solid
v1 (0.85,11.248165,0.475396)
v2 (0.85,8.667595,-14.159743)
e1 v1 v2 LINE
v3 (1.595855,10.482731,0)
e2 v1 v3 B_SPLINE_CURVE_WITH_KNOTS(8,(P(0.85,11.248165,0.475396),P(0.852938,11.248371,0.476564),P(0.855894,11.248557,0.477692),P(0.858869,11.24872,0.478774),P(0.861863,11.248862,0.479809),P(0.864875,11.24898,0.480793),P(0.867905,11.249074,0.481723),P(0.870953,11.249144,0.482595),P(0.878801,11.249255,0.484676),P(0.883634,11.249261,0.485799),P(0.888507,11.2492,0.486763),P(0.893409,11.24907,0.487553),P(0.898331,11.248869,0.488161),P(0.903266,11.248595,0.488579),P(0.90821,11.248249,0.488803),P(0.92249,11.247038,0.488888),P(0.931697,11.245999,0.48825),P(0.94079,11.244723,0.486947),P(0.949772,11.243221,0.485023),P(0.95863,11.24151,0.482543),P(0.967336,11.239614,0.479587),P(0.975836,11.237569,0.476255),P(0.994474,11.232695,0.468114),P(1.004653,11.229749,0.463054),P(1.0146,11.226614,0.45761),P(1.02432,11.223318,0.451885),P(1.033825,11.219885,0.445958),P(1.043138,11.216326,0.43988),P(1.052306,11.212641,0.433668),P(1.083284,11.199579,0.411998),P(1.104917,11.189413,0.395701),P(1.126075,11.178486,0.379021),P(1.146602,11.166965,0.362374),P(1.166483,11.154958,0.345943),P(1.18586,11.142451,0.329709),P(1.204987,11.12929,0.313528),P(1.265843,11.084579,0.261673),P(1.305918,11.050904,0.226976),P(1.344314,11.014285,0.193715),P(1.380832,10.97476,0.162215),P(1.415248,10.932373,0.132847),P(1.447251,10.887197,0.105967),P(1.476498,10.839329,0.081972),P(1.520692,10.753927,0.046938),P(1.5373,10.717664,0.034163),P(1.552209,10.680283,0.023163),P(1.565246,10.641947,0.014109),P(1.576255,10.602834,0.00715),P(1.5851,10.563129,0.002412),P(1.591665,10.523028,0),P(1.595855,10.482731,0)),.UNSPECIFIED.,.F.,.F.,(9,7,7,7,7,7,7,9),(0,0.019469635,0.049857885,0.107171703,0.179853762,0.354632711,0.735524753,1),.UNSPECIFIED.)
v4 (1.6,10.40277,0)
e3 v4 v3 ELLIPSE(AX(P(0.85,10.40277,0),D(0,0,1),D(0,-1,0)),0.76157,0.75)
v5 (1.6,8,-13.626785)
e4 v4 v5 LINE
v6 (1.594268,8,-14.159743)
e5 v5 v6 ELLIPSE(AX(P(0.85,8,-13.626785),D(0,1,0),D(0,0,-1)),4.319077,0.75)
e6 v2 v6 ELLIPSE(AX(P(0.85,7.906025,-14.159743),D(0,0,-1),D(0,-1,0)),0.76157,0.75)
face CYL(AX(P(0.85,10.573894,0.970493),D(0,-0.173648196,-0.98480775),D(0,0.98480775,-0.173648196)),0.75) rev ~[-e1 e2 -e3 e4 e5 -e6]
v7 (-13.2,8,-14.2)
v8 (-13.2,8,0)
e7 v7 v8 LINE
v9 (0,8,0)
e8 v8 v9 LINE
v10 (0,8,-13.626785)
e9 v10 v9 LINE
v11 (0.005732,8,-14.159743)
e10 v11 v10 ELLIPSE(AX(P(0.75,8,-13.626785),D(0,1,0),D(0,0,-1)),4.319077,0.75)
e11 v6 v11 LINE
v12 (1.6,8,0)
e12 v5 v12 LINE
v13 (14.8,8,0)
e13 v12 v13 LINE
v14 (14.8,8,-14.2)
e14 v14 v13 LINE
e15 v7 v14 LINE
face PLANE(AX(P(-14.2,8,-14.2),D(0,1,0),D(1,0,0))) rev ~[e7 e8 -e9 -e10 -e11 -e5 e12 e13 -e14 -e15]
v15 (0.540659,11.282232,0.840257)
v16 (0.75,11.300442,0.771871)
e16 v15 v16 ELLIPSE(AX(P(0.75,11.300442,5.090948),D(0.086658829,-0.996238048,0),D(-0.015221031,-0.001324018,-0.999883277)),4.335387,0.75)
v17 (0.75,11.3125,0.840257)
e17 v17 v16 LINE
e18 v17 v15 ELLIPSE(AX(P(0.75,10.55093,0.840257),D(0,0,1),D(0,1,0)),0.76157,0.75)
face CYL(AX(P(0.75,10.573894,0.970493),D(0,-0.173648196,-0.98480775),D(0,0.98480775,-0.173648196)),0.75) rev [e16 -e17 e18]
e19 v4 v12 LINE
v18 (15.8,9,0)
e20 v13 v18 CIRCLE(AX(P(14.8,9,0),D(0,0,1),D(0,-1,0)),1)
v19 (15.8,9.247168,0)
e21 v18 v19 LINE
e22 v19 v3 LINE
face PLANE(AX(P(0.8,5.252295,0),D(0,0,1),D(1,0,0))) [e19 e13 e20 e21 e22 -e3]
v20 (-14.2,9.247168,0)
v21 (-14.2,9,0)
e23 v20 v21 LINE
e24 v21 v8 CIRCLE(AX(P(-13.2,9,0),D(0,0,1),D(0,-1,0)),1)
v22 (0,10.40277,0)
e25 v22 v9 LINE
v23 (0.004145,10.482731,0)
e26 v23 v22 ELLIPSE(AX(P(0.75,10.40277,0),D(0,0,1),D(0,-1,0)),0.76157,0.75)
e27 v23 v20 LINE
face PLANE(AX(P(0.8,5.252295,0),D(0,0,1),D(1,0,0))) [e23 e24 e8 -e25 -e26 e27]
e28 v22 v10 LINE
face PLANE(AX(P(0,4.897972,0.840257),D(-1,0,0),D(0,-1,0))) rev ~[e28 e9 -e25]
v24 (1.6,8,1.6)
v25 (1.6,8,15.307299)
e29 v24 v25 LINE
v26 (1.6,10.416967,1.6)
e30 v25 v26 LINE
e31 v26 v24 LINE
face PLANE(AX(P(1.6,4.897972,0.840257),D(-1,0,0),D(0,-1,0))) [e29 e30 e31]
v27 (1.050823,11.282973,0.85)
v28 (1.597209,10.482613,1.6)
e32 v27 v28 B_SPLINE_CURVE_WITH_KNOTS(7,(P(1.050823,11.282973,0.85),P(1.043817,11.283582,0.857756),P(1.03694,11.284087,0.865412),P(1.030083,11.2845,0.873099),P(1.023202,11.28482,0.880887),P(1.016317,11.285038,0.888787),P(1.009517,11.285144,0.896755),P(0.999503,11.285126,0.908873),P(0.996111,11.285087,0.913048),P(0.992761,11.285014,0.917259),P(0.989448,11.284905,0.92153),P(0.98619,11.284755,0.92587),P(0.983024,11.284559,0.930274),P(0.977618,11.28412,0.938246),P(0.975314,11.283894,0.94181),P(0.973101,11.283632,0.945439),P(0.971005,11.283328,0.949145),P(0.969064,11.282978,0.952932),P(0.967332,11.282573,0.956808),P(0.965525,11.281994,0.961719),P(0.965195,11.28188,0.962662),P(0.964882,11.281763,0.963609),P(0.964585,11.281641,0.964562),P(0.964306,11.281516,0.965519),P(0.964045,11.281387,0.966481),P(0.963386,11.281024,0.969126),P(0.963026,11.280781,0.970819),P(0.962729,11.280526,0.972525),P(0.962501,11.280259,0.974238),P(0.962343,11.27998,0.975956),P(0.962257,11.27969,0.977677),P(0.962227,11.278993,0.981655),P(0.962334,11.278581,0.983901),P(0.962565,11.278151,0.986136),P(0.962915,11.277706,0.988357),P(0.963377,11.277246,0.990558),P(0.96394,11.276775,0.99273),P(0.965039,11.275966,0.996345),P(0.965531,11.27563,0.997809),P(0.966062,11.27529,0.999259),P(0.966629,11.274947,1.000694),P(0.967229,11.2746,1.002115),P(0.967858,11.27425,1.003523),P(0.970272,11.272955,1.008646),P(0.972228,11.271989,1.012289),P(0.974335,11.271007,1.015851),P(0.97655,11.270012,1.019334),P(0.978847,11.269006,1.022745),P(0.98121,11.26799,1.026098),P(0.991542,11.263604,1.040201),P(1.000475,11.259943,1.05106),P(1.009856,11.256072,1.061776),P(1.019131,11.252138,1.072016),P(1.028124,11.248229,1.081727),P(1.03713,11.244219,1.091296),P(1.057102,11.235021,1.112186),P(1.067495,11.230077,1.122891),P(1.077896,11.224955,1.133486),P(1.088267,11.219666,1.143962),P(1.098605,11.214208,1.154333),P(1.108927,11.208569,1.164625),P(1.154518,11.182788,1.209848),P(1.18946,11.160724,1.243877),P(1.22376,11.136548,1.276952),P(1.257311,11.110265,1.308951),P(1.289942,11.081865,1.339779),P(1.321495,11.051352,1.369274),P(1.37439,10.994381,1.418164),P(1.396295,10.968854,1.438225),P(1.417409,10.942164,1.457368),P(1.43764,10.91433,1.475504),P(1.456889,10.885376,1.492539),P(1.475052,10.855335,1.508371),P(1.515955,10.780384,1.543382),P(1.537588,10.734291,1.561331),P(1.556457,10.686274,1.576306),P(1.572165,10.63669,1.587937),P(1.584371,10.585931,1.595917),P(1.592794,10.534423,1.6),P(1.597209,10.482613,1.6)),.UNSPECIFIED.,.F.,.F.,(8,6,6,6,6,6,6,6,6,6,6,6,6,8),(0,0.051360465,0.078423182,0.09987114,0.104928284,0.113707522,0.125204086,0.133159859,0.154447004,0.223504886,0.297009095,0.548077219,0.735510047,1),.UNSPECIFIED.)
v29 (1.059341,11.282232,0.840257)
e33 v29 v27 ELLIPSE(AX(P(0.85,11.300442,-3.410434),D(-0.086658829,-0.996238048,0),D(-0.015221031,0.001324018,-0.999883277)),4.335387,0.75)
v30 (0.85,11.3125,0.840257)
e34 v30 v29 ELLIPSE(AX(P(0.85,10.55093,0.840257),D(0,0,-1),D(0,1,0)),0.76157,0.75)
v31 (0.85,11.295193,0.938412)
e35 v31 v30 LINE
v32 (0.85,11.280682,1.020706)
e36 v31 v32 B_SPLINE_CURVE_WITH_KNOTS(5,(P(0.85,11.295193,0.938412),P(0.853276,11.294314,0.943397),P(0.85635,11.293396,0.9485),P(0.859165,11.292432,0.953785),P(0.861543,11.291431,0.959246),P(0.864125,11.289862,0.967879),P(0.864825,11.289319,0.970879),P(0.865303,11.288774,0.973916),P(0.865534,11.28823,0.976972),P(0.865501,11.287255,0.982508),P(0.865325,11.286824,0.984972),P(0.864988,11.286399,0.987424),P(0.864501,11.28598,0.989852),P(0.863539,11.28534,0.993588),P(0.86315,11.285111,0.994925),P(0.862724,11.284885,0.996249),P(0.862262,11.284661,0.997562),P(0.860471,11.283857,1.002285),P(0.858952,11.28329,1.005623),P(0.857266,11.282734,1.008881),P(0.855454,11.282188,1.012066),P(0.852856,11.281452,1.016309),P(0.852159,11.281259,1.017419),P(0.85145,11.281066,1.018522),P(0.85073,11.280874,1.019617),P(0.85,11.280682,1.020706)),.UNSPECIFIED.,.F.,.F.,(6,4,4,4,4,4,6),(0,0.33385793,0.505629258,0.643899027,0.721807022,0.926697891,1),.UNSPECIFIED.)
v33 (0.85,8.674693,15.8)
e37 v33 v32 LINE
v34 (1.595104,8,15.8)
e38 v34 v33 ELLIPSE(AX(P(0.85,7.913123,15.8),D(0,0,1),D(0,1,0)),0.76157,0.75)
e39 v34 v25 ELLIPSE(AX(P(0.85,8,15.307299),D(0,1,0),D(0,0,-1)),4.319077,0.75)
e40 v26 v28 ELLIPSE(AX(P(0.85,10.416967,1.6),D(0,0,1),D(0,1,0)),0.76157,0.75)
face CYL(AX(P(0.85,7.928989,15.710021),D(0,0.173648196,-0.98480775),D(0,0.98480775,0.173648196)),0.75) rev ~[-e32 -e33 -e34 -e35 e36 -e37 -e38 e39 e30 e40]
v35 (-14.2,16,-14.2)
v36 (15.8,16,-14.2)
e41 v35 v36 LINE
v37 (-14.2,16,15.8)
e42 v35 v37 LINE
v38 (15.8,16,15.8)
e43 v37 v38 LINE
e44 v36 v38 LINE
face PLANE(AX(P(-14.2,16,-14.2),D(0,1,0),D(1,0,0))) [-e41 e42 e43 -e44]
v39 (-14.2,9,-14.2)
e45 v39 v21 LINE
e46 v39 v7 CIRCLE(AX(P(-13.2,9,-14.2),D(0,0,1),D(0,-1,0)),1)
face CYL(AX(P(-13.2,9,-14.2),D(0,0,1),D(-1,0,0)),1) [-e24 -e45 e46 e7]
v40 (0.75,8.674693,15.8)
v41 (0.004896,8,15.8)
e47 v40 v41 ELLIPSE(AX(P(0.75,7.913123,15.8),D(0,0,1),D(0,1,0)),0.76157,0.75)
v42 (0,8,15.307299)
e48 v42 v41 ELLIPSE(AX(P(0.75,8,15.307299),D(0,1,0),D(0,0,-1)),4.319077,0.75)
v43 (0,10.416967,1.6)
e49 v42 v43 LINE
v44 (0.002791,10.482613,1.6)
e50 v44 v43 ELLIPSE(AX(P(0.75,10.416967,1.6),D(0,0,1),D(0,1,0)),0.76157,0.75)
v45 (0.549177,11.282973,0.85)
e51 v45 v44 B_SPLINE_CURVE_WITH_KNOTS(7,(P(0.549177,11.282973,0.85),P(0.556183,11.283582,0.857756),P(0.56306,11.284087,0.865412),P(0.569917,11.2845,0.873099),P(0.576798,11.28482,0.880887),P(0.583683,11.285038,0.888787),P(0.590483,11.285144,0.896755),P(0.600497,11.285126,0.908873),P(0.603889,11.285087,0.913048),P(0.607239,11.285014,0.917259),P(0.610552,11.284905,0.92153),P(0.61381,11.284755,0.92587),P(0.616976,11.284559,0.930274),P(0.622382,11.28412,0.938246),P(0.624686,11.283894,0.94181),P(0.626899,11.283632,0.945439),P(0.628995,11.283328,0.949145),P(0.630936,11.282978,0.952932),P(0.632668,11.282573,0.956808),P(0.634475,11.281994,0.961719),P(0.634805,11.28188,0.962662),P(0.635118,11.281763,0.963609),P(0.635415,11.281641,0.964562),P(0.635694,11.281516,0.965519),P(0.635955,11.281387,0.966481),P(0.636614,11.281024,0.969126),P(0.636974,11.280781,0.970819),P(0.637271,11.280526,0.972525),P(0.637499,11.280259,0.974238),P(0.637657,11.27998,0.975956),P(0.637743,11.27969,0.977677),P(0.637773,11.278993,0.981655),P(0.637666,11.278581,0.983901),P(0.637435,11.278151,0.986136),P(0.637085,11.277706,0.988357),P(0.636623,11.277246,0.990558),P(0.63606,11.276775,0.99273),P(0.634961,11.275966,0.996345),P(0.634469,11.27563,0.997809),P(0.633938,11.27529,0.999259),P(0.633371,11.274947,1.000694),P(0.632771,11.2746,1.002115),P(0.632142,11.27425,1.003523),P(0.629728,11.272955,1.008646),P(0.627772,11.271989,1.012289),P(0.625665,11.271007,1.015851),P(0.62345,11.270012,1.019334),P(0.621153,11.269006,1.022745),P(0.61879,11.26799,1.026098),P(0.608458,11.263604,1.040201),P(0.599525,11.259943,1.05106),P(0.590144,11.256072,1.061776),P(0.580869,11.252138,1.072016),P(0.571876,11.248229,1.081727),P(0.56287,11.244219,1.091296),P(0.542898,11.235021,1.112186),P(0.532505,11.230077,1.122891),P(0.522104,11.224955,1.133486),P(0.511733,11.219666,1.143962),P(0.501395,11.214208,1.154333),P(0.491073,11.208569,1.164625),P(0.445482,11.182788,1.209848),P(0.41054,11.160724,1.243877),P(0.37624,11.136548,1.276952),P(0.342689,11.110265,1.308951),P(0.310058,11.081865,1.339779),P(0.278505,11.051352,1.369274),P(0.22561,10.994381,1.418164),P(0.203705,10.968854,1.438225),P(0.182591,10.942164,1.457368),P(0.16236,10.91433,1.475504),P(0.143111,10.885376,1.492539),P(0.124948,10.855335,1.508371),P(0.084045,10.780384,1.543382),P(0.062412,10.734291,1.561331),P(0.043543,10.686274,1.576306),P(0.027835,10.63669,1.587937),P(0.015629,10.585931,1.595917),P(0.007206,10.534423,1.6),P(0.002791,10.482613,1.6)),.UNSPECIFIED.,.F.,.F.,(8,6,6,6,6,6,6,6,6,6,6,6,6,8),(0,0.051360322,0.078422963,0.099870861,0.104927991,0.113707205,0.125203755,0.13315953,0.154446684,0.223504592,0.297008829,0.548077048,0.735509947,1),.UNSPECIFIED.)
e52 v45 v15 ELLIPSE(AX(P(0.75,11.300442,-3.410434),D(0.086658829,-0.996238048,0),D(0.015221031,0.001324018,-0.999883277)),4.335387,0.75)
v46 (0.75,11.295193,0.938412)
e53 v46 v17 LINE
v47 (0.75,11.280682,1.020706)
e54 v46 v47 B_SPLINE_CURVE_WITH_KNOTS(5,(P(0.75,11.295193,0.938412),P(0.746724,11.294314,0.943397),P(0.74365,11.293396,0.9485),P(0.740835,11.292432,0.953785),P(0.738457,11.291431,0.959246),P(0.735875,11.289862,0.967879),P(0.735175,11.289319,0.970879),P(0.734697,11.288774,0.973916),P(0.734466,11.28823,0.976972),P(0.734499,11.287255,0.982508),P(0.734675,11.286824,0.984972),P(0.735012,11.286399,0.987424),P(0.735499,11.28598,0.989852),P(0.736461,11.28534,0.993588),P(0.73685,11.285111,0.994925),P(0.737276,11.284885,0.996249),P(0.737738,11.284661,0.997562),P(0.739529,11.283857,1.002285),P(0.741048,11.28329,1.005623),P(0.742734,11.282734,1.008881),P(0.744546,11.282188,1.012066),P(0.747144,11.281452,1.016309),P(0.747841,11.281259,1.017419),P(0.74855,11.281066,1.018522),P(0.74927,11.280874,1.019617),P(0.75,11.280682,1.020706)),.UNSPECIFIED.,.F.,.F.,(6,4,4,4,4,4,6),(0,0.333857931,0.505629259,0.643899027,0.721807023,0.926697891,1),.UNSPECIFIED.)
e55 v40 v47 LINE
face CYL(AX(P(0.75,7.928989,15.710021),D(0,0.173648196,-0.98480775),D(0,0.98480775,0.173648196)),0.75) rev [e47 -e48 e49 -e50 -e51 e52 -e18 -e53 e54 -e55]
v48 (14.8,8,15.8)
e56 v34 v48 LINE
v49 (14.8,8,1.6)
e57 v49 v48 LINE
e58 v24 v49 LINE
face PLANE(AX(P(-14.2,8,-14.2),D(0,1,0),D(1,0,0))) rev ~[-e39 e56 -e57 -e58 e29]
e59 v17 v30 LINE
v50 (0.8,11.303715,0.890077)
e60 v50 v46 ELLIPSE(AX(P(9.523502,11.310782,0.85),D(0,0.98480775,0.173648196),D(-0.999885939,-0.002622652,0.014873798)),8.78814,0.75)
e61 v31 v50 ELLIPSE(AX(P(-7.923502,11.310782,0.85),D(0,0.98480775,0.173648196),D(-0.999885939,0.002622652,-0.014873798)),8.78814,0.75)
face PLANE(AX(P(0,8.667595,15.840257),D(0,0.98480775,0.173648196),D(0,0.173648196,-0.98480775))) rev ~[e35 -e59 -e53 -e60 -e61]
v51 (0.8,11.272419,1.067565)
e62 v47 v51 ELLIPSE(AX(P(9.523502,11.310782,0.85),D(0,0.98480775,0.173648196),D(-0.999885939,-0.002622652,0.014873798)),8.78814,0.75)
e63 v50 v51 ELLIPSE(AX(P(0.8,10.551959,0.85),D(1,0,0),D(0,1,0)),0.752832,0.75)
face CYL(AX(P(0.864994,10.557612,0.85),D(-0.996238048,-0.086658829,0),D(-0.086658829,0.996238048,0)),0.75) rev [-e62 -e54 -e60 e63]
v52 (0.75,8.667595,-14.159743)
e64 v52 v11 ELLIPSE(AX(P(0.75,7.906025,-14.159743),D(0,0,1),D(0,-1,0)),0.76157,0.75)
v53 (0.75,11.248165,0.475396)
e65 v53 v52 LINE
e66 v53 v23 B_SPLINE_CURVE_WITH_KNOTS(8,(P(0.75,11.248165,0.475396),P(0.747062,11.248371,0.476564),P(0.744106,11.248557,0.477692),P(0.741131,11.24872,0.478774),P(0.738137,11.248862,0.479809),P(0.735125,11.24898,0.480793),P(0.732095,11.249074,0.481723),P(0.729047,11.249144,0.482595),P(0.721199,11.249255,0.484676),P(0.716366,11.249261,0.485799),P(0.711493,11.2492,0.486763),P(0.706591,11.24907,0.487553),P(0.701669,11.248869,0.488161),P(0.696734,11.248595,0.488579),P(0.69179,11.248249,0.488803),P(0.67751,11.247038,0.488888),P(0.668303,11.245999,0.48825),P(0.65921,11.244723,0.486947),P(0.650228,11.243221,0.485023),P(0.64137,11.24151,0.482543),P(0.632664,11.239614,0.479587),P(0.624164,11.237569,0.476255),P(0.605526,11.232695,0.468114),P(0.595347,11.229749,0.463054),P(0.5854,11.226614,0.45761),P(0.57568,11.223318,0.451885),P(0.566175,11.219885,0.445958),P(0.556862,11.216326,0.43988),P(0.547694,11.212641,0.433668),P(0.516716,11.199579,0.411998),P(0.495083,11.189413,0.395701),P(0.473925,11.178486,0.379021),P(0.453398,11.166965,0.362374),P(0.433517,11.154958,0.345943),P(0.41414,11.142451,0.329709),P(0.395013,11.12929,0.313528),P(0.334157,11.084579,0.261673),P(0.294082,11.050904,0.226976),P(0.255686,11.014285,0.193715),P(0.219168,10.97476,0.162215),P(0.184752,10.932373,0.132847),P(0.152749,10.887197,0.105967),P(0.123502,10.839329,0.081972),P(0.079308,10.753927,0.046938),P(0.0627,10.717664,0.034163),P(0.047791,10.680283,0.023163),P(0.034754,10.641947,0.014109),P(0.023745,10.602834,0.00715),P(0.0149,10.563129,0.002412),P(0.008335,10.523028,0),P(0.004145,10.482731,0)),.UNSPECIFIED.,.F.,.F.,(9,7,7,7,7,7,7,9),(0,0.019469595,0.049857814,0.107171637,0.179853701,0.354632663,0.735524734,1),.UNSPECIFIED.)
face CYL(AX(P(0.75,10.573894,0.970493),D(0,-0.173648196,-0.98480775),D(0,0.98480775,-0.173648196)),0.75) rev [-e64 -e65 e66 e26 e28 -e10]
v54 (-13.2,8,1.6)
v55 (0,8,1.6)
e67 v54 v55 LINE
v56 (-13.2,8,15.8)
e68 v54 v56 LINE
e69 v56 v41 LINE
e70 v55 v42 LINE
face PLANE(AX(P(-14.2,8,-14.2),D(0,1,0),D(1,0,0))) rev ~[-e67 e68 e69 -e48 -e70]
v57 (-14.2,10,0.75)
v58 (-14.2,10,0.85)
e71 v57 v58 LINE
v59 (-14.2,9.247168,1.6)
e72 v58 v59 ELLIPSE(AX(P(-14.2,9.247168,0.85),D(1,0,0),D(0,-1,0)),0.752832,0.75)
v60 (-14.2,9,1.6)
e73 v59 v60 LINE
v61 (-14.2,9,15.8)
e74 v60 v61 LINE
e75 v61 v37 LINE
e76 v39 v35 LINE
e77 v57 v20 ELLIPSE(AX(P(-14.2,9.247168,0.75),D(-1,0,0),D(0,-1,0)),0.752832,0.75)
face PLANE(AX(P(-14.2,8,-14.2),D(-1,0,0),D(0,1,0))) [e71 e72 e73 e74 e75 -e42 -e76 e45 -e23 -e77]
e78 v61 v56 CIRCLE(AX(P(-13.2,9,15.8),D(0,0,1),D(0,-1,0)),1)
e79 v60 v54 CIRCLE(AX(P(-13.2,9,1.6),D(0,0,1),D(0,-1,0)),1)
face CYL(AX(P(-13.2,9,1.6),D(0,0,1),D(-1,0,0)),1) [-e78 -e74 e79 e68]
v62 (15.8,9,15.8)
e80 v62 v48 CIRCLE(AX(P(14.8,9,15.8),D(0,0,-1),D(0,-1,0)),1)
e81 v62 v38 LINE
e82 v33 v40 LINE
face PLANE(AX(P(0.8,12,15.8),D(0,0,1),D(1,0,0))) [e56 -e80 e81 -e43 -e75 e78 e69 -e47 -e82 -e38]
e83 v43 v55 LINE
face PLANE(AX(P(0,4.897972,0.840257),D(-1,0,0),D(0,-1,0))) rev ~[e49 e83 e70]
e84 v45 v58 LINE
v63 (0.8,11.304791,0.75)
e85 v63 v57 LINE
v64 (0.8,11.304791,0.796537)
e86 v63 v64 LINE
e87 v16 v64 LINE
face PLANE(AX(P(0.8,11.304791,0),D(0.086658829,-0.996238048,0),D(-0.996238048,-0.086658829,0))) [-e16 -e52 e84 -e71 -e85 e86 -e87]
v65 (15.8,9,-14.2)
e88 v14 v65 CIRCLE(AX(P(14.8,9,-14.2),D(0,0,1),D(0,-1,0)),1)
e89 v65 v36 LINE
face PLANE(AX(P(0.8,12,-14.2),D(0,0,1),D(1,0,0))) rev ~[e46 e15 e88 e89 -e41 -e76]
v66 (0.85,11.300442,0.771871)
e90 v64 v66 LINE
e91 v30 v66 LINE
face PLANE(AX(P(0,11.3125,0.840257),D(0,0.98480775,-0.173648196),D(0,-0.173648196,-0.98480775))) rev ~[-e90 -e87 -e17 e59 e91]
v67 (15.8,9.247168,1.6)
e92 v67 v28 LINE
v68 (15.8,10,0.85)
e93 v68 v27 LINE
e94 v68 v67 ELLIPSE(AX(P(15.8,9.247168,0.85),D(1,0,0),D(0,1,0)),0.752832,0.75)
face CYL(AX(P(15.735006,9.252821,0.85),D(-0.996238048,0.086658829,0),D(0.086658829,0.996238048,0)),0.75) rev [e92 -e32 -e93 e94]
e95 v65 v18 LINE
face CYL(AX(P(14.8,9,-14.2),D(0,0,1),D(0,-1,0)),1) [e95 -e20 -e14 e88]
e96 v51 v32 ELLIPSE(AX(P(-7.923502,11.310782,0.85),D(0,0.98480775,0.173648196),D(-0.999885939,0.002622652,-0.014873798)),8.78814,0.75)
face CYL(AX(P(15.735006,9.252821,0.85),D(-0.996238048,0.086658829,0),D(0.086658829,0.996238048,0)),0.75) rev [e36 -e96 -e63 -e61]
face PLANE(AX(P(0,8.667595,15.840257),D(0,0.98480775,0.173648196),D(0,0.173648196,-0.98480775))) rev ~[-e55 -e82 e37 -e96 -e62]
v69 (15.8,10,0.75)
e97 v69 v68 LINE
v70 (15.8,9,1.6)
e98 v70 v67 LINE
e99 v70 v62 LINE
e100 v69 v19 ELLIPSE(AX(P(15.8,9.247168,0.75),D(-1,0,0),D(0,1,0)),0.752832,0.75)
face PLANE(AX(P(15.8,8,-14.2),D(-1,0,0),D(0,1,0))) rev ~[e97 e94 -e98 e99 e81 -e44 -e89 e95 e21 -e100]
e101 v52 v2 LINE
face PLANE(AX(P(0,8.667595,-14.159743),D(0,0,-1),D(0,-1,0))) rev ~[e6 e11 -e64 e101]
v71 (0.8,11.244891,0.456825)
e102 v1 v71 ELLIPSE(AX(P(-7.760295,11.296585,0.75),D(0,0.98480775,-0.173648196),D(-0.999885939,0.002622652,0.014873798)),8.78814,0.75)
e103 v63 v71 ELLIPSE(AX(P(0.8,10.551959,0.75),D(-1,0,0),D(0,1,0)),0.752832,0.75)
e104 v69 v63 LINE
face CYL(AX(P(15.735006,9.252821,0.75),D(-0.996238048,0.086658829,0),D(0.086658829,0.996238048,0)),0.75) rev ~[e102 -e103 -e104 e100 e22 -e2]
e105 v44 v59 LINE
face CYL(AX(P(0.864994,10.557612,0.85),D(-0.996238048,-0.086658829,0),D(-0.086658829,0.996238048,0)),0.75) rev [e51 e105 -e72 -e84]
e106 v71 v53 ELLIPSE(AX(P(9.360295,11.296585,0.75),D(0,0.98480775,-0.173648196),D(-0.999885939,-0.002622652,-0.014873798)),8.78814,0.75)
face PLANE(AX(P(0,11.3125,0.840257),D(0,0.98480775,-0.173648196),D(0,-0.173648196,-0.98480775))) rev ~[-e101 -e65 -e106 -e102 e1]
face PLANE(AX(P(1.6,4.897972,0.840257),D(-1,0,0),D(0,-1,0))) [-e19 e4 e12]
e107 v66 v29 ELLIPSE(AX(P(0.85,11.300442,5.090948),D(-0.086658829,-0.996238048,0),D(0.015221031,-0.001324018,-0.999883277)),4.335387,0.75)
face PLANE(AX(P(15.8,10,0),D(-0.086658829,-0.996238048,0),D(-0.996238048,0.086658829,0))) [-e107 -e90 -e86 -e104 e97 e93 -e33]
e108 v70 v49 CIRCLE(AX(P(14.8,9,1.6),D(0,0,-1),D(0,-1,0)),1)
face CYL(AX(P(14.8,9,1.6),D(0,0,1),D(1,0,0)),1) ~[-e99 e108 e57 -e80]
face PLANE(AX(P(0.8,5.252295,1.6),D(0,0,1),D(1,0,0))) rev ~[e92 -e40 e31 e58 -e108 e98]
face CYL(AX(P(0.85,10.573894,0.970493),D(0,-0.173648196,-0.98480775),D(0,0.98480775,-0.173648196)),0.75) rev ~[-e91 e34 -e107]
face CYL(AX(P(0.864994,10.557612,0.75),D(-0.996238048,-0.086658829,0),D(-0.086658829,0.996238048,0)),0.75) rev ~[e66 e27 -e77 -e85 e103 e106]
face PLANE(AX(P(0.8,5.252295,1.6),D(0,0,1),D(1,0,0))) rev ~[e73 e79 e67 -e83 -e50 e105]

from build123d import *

# Parameters (mm, degrees)
PAD001_DEPTH = 1.6
FILLET001_R  = 0.75
PAD_DEPTH    = 1.6
FILLET_R     = 0.75
BOX_W        = 30
BOX_H        = 8
BOX_DEPTH    = 30
FILLET002_R  = 1
FILLET003_R  = 1
FILLET004_R  = 1
FILLET005_R  = 1


with BuildPart() as fillet001:
    # Sketch001 → Pad001 (new body)
    with BuildSketch(Plane(origin=(0, 0, 0.8), x_dir=(0, 1, 0), z_dir=(1, 0, 0))):
        Polygon((11.3125, 0.040257), (8.667595, -14.959743), (0.040255, -14.959743), (0.040255, 15.040257), (8.667595, 15.040257), align=None)
    extrude(amount=PAD001_DEPTH)

    # Fillet001
    fillet001_edges = [fillet001.edges().sort_by_distance(p)[0] for p in [
        (1.6, 9.990048, 8.340257),
        (0, 9.990048, 8.340257),
        (1.6, 9.990048, -6.659743),
        (0, 9.990048, -6.659743),
    ]]
    fillet(fillet001_edges, radius=FILLET001_R)


with BuildPart() as fusion:
    # Sketch → Pad (new body)
    with BuildSketch(Plane(origin=(0.8, 0, 0), x_dir=(1, 0, 0), z_dir=(0, 0, 1))):
        Polygon((-15, 0), (15, 0), (15, 10), (0, 11.304791), (-15, 10), align=None)
    extrude(amount=PAD_DEPTH)

    # Fillet
    fillet_edges = [fusion.edges().sort_by_distance(p)[0] for p in [
        (8.3, 10.652395, 0),
        (8.3, 10.652395, 1.6),
        (-6.7, 10.652396, 1.6),
        (-6.7, 10.652396, 0),
    ]]
    fillet(fillet_edges, radius=FILLET_R)

    # Fusion: union Fillet001
    add(fillet001.part)


with BuildPart() as fillet005:
    # Box → Box (new body)
    with BuildSketch(Plane(origin=(-14.2, 8, -14.2), x_dir=(1, 0, 0), z_dir=(0, 0, 1))):
        with Locations((15, 4)):
            Rectangle(BOX_W, BOX_H)
    extrude(amount=BOX_DEPTH)

    # Cut: cut Fusion
    add(fusion.part, mode=Mode.SUBTRACT)

    # Fillet002
    fillet002_edges = [fillet005.edges().sort_by_distance(p)[0] for p in [
        (15.8, 8, -7.1),
    ]]
    fillet(fillet002_edges, radius=FILLET002_R)

    # Fillet003
    fillet003_edges = [fillet005.edges().sort_by_distance(p)[0] for p in [
        (15.8, 8, 8.7),
    ]]
    fillet(fillet003_edges, radius=FILLET003_R)

    # Fillet004
    fillet004_edges = [fillet005.edges().sort_by_distance(p)[0] for p in [
        (-14.2, 8, -7.1),
    ]]
    fillet(fillet004_edges, radius=FILLET004_R)

    # Fillet005
    fillet005_edges = [fillet005.edges().sort_by_distance(p)[0] for p in [
        (-14.2, 8, 8.7),
    ]]
    fillet(fillet005_edges, radius=FILLET005_R)


solid = fillet005.part
